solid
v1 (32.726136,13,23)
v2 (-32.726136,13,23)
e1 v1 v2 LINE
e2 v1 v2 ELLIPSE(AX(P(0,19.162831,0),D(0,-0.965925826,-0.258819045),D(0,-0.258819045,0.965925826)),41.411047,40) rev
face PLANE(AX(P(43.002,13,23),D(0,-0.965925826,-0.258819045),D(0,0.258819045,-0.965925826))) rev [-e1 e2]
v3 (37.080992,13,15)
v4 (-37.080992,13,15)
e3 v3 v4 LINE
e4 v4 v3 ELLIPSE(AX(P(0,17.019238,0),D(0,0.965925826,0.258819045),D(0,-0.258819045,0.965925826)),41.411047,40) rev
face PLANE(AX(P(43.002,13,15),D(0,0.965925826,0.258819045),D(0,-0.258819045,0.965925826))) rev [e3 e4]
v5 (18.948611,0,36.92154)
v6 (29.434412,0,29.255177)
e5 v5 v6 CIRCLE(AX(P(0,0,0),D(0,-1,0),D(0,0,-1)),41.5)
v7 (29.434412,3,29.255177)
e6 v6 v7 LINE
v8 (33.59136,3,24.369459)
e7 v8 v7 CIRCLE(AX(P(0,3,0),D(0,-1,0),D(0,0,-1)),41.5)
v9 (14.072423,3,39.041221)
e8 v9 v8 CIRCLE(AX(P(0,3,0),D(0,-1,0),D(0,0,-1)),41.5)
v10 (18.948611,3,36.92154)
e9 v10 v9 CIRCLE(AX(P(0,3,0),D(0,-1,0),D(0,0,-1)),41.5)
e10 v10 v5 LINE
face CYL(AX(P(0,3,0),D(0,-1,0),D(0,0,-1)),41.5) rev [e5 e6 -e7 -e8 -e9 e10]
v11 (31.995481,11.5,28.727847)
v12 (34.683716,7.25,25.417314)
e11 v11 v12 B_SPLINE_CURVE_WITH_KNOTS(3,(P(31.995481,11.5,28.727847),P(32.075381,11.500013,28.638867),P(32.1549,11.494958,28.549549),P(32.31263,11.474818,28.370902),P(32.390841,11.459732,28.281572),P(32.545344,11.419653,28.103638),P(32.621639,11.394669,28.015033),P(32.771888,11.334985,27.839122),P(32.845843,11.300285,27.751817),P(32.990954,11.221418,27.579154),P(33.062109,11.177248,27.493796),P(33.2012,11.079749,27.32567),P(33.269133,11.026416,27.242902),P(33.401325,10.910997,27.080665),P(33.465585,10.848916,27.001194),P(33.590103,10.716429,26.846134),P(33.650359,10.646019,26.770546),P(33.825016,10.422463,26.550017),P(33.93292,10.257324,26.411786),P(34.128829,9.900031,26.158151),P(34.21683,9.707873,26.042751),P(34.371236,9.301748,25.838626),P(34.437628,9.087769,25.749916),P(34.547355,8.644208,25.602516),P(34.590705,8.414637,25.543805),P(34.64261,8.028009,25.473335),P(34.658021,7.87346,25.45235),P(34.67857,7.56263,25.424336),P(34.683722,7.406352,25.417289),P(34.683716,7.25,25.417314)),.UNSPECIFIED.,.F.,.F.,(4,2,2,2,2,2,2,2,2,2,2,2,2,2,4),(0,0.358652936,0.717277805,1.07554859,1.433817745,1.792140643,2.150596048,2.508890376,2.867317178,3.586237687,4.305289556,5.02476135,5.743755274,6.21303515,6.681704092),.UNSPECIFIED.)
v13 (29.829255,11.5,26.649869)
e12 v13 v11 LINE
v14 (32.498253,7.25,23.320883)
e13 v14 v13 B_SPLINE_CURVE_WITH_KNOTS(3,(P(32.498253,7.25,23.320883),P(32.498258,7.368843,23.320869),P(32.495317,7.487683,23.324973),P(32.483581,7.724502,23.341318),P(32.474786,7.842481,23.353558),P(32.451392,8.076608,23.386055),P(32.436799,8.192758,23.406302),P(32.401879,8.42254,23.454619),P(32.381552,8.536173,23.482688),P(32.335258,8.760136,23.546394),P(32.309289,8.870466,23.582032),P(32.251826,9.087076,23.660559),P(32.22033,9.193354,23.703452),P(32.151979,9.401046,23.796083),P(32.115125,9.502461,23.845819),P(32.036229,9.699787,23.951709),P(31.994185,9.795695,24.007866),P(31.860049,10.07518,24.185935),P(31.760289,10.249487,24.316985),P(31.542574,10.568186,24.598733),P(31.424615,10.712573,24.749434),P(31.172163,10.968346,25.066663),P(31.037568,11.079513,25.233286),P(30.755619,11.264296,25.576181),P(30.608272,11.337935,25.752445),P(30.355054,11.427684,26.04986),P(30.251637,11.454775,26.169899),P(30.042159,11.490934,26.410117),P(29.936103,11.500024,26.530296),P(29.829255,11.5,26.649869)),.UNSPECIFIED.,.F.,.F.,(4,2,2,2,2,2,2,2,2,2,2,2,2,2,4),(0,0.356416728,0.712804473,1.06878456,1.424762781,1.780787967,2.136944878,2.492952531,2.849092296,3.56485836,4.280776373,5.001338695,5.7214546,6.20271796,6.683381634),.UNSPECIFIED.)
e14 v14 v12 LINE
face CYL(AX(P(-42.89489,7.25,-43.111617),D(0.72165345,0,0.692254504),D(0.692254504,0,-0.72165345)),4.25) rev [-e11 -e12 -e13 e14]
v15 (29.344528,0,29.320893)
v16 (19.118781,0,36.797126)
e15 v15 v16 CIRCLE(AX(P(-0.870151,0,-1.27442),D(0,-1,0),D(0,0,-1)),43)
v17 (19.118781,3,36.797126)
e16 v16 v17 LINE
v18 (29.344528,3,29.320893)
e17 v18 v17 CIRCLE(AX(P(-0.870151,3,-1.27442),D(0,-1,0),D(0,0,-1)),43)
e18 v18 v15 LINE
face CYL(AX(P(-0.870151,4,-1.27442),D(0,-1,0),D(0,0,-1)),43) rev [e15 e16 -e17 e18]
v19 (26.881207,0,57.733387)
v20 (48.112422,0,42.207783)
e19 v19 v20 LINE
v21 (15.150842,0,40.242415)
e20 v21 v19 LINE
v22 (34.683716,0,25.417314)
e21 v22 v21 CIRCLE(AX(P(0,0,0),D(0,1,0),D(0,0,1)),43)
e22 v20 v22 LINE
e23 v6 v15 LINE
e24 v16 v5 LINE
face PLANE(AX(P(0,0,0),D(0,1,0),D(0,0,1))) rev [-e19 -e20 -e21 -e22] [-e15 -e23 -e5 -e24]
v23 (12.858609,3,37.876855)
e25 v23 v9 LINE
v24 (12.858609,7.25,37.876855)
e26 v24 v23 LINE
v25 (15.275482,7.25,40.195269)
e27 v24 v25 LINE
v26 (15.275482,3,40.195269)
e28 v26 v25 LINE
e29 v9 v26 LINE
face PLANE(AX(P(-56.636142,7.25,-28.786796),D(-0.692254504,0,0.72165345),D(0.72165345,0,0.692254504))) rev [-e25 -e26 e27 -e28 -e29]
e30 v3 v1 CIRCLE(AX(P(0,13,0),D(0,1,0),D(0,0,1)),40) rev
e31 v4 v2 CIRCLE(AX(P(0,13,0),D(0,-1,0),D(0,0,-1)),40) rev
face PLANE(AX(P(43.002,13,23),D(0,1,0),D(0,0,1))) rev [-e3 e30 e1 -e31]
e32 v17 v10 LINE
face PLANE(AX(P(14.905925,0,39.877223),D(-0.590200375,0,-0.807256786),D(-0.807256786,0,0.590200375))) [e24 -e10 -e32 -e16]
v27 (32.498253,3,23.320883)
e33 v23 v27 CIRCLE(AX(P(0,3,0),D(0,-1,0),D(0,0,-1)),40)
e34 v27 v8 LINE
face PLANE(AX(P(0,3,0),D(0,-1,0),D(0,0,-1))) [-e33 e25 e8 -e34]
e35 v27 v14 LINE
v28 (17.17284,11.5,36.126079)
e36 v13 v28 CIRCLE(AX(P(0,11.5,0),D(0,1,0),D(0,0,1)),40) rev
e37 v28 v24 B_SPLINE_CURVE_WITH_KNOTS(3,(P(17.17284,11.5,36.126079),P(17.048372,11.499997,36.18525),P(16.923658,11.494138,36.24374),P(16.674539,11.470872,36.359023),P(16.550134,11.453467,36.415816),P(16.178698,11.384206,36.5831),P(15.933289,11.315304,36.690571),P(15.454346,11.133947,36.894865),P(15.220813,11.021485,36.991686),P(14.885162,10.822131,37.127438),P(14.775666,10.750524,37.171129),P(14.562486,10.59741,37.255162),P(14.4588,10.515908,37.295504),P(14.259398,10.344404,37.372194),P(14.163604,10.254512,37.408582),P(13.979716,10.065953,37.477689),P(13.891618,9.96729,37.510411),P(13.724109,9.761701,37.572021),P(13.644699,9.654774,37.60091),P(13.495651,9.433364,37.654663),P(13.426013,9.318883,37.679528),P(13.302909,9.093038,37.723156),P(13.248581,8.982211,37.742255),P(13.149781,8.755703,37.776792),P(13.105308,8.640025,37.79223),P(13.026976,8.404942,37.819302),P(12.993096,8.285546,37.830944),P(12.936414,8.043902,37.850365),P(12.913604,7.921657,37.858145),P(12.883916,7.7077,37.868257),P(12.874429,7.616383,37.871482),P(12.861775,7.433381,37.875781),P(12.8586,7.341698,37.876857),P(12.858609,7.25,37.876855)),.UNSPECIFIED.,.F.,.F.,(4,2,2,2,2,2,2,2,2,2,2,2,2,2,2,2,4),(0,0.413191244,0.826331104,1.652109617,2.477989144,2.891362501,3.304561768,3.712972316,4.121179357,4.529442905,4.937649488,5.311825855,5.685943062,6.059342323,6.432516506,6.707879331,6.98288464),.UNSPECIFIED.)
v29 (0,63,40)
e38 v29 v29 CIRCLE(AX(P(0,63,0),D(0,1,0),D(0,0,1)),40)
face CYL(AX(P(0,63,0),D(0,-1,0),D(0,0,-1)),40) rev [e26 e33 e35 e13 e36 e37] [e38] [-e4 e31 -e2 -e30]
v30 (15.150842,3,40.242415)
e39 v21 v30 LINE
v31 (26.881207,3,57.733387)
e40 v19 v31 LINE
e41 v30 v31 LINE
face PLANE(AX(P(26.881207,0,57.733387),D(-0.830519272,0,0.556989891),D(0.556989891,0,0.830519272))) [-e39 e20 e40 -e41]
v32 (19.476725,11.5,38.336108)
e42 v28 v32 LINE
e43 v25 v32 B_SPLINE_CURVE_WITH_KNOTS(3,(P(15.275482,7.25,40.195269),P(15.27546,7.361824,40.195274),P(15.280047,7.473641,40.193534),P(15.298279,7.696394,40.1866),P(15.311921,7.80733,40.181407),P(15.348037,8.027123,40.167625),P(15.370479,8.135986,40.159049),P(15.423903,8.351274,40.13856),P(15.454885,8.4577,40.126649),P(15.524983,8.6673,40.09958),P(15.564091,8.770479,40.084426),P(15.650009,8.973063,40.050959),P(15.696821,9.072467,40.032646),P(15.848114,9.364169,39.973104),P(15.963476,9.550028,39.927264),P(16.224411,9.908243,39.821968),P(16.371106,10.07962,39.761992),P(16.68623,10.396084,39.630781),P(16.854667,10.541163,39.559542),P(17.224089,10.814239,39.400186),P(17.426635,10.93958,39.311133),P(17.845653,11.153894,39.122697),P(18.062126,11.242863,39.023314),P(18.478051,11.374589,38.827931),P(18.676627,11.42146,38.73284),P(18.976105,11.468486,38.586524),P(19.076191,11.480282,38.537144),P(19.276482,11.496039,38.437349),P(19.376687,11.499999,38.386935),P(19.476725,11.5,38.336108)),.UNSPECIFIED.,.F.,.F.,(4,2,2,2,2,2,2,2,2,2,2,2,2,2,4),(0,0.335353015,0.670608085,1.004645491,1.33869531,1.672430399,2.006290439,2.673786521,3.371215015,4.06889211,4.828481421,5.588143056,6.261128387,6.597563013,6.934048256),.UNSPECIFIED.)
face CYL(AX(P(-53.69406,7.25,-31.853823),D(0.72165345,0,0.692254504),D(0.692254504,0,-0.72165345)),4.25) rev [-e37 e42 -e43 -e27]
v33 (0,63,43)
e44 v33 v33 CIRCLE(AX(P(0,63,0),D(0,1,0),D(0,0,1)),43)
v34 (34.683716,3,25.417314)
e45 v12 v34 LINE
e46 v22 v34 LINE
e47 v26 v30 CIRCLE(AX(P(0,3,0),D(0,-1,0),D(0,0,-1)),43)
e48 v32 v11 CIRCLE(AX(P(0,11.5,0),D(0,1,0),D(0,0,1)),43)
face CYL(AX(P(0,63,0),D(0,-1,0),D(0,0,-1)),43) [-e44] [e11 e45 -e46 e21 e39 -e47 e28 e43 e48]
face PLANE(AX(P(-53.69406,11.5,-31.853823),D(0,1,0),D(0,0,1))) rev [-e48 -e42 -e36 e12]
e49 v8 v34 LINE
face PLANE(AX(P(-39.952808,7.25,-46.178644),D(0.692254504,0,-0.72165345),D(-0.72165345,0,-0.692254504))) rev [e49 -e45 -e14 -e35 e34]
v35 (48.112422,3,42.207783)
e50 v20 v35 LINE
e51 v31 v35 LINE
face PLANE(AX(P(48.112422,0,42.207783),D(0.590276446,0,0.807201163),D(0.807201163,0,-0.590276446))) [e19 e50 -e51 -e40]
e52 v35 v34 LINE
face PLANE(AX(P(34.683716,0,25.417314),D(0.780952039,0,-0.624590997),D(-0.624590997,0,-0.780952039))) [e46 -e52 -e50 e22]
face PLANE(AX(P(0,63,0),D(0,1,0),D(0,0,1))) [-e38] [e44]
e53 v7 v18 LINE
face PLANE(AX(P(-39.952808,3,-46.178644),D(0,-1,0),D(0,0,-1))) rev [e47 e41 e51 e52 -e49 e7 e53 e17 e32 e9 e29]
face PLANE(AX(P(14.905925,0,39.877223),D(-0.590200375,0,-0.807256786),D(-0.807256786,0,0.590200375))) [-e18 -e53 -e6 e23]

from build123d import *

# Parameters (mm, degrees)
SKETCH1_R                            = 43
SKETCH1_R_2                          = 40
BOSS_EXTRUDE1_DEPTH                  = 63
SKETCH2_R                            = 41.5
SKETCH2_R_2                          = 40
CUT_EXTRUDE1_DEPTH                   = 3
BOSS_EXTRUDE2_REACH                  = 89.561
BOSS_EXTRUDE2_END_RADIUS             = 40
BOSS_EXTRUDE2_DIRECTION_2_REACH      = 89.561
BOSS_EXTRUDE2_DIRECTION_2_END_RADIUS = 40
BOSS_EXTRUDE3_DEPTH                  = 70
CUT_EXTRUDE2_REACH                   = 125.284
CUT_EXTRUDE2_END_RADIUS              = 40
CUT_EXTRUDE3_DEPTH                   = 100.163089401
BOSS_EXTRUDE6_DEPTH                  = 3
CUT_EXTRUDE4_DEPTH                   = 4


with BuildPart() as part:
    # Sketch1 → Boss-Extrude1 (new body)
    with BuildSketch(Plane(origin=(0, 0, 0), x_dir=(1, 0, 0), z_dir=(0, 1, 0))):
        with Locations(Location((0, 0, 0), (0, 0, 270))):
            Circle(SKETCH1_R)
        with Locations(Location((0, 0, 0), (0, 0, 270))):
            Circle(SKETCH1_R_2, mode=Mode.SUBTRACT)
    extrude(amount=BOSS_EXTRUDE1_DEPTH)

    # Sketch2 → Cut-Extrude1 (cut)
    with BuildSketch(Plane(origin=(0, 0, 0), x_dir=(-1, 0, 0), z_dir=(0, -1, 0))):
        with Locations(Location((0, 0, 0), (0, 0, 90))):
            Circle(SKETCH2_R)
        with Locations(Location((0, 0, 0), (0, 0, 90))):
            Circle(SKETCH2_R_2, mode=Mode.SUBTRACT)
    extrude(amount=-CUT_EXTRUDE1_DEPTH, mode=Mode.SUBTRACT)

    # Boss-Extrude2: up to this cylinder (the profile starts inside it)
    boss_extrude2_end = Plane(origin=(0, 21.31795, 0), z_dir=(0, -1, 0)) * Cylinder(BOSS_EXTRUDE2_END_RADIUS, 260.122, mode=Mode.PRIVATE)
    # Sketch4 → Boss-Extrude2 (add, up to the surface)
    with BuildSketch(Plane(origin=(0, 0, 0), x_dir=(0, 0, -1), z_dir=(1, 0, 0)), mode=Mode.PRIVATE) as boss_extrude2_sk1:
        Polygon((-23, 13), (43, 30.6846467), (43, 28.541053161), (-15, 13), align=None)
    boss_extrude2_tool1 = extrude(boss_extrude2_sk1.sketch, amount=-BOSS_EXTRUDE2_REACH, mode=Mode.PRIVATE) & boss_extrude2_end
    add(boss_extrude2_tool1.solids().sort_by_distance((0, 21.31795, -11.956989))[0])

    # Boss-Extrude2 direction 2: up to this cylinder (the profile starts inside it)
    boss_extrude2_direction_2_end = Plane(origin=(0, 21.31795, 0), z_dir=(0, -1, 0)) * Cylinder(BOSS_EXTRUDE2_DIRECTION_2_END_RADIUS, 260.122, mode=Mode.PRIVATE)
    # Sketch4 → Boss-Extrude2 direction 2 (add, up to the surface)
    with BuildSketch(Plane(origin=(0, 0, 0), x_dir=(0, 0, -1), z_dir=(1, 0, 0)), mode=Mode.PRIVATE) as boss_extrude2_direction_2_sk1:
        Polygon((-23, 13), (43, 30.6846467), (43, 28.541053161), (-15, 13), align=None)
    boss_extrude2_direction_2_tool1 = extrude(boss_extrude2_direction_2_sk1.sketch, amount=BOSS_EXTRUDE2_DIRECTION_2_REACH, mode=Mode.PRIVATE) & boss_extrude2_direction_2_end
    add(boss_extrude2_direction_2_tool1.solids().sort_by_distance((0, 21.31795, -11.956989))[0])


with BuildPart() as body_2:
    # Sketch5 → Boss-Extrude3 (new body)
    with BuildSketch(Plane(origin=(0, 63, 0), x_dir=(1, 0, 0), z_dir=(0, 1, 0))):
        Polygon((7.74910462, -54.037683176), (34.954425762, -25.676995378), (36.517040035, -27.175951378), (9.311718893, -55.536639176), align=None)
    extrude(amount=-BOSS_EXTRUDE3_DEPTH)


with BuildPart() as cut_extrude2_tool:
    # Cut-Extrude2: up to this cylinder (the profile starts outside it)
    cut_extrude2_end = Plane(origin=(0, 7.120173, 0), z_dir=(0, -1, 0)) * Cylinder(CUT_EXTRUDE2_END_RADIUS, 331.568, mode=Mode.PRIVATE)
    # Sketch6 → Cut-Extrude2 (new, up to the surface)
    with BuildSketch(Plane(origin=(32.59371092, 0, 31.265898031), x_dir=(0.6922545038449902, 0, -0.7216534500065296), z_dir=(0.7216534500065296, 0, 0.6922545038449902)), mode=Mode.PRIVATE) as cut_extrude2_sk1:
        with BuildLine():
            Line((-18.432533638, 7.25), (-18.432533638, 3))
            Line((-18.432533638, 3), (5.667466362, 3))
            Line((5.667466362, 3), (5.667466362, 7.25))
            ThreePointArc((5.667466362, 7.25), (4.422670182, 10.25520382), (1.417466362, 11.5))
            Line((1.417466362, 11.5), (-14.182533638, 11.5))
            ThreePointArc((-14.182533638, 11.5), (-17.187737458, 10.25520382), (-18.432533638, 7.25))
        make_face()
    cut_extrude2_tool1 = extrude(cut_extrude2_sk1.sketch, amount=-CUT_EXTRUDE2_REACH, mode=Mode.PRIVATE) - cut_extrude2_end
    add(cut_extrude2_tool1.solids().sort_by_distance((28.175373, 7.120173, 35.871875))[0])


with BuildPart() as part_1:
    add(part.part)

    # Cut-Extrude2: cut by cut_extrude2_tool
    add(cut_extrude2_tool.part, mode=Mode.SUBTRACT)

    # Sketch11 → Boss-Extrude6 (add)
    with BuildSketch(Plane(origin=(0, 3, 0), x_dir=(1, 0, 0), z_dir=(0, 1, 0))):
        Polygon((14.90592475, -39.87722305), (34.683715998, -25.417313874), (48.112422428, -42.207782707), (26.881207412, -57.733387396), align=None)
    extrude(amount=-BOSS_EXTRUDE6_DEPTH)

    # Sketch12 → Cut-Extrude4 (cut)
    with BuildSketch(Plane(origin=(0, 0, 0), x_dir=(-1, 0, 0), z_dir=(0, -1, 0))):
        with BuildLine():
            Line((-30.912368333, -27.688857915), (-14.530563251, -38.873033476))
            ThreePointArc((-14.530563251, -38.873033476), (-23.375174905, -34.238453489), (-30.912368333, -27.688857915))
        make_face()
    extrude(amount=-CUT_EXTRUDE4_DEPTH, mode=Mode.SUBTRACT)


with BuildPart() as body_2_1:
    add(body_2.part)

    # Cut-Extrude2: cut by cut_extrude2_tool
    add(cut_extrude2_tool.part, mode=Mode.SUBTRACT)

    # Sketch7 → Cut-Extrude3 (cut, through all)
    with BuildSketch(Plane(origin=(0, 63, 0), x_dir=(1, 0, 0), z_dir=(0, 1, 0))):
        Polygon((34.954425762, -25.676995378), (36.517040035, -27.175951378), (9.311718893, -55.536639176), (7.74910462, -54.037683176), align=None)
    extrude(amount=-CUT_EXTRUDE3_DEPTH, mode=Mode.SUBTRACT)


solid = part_1.part
